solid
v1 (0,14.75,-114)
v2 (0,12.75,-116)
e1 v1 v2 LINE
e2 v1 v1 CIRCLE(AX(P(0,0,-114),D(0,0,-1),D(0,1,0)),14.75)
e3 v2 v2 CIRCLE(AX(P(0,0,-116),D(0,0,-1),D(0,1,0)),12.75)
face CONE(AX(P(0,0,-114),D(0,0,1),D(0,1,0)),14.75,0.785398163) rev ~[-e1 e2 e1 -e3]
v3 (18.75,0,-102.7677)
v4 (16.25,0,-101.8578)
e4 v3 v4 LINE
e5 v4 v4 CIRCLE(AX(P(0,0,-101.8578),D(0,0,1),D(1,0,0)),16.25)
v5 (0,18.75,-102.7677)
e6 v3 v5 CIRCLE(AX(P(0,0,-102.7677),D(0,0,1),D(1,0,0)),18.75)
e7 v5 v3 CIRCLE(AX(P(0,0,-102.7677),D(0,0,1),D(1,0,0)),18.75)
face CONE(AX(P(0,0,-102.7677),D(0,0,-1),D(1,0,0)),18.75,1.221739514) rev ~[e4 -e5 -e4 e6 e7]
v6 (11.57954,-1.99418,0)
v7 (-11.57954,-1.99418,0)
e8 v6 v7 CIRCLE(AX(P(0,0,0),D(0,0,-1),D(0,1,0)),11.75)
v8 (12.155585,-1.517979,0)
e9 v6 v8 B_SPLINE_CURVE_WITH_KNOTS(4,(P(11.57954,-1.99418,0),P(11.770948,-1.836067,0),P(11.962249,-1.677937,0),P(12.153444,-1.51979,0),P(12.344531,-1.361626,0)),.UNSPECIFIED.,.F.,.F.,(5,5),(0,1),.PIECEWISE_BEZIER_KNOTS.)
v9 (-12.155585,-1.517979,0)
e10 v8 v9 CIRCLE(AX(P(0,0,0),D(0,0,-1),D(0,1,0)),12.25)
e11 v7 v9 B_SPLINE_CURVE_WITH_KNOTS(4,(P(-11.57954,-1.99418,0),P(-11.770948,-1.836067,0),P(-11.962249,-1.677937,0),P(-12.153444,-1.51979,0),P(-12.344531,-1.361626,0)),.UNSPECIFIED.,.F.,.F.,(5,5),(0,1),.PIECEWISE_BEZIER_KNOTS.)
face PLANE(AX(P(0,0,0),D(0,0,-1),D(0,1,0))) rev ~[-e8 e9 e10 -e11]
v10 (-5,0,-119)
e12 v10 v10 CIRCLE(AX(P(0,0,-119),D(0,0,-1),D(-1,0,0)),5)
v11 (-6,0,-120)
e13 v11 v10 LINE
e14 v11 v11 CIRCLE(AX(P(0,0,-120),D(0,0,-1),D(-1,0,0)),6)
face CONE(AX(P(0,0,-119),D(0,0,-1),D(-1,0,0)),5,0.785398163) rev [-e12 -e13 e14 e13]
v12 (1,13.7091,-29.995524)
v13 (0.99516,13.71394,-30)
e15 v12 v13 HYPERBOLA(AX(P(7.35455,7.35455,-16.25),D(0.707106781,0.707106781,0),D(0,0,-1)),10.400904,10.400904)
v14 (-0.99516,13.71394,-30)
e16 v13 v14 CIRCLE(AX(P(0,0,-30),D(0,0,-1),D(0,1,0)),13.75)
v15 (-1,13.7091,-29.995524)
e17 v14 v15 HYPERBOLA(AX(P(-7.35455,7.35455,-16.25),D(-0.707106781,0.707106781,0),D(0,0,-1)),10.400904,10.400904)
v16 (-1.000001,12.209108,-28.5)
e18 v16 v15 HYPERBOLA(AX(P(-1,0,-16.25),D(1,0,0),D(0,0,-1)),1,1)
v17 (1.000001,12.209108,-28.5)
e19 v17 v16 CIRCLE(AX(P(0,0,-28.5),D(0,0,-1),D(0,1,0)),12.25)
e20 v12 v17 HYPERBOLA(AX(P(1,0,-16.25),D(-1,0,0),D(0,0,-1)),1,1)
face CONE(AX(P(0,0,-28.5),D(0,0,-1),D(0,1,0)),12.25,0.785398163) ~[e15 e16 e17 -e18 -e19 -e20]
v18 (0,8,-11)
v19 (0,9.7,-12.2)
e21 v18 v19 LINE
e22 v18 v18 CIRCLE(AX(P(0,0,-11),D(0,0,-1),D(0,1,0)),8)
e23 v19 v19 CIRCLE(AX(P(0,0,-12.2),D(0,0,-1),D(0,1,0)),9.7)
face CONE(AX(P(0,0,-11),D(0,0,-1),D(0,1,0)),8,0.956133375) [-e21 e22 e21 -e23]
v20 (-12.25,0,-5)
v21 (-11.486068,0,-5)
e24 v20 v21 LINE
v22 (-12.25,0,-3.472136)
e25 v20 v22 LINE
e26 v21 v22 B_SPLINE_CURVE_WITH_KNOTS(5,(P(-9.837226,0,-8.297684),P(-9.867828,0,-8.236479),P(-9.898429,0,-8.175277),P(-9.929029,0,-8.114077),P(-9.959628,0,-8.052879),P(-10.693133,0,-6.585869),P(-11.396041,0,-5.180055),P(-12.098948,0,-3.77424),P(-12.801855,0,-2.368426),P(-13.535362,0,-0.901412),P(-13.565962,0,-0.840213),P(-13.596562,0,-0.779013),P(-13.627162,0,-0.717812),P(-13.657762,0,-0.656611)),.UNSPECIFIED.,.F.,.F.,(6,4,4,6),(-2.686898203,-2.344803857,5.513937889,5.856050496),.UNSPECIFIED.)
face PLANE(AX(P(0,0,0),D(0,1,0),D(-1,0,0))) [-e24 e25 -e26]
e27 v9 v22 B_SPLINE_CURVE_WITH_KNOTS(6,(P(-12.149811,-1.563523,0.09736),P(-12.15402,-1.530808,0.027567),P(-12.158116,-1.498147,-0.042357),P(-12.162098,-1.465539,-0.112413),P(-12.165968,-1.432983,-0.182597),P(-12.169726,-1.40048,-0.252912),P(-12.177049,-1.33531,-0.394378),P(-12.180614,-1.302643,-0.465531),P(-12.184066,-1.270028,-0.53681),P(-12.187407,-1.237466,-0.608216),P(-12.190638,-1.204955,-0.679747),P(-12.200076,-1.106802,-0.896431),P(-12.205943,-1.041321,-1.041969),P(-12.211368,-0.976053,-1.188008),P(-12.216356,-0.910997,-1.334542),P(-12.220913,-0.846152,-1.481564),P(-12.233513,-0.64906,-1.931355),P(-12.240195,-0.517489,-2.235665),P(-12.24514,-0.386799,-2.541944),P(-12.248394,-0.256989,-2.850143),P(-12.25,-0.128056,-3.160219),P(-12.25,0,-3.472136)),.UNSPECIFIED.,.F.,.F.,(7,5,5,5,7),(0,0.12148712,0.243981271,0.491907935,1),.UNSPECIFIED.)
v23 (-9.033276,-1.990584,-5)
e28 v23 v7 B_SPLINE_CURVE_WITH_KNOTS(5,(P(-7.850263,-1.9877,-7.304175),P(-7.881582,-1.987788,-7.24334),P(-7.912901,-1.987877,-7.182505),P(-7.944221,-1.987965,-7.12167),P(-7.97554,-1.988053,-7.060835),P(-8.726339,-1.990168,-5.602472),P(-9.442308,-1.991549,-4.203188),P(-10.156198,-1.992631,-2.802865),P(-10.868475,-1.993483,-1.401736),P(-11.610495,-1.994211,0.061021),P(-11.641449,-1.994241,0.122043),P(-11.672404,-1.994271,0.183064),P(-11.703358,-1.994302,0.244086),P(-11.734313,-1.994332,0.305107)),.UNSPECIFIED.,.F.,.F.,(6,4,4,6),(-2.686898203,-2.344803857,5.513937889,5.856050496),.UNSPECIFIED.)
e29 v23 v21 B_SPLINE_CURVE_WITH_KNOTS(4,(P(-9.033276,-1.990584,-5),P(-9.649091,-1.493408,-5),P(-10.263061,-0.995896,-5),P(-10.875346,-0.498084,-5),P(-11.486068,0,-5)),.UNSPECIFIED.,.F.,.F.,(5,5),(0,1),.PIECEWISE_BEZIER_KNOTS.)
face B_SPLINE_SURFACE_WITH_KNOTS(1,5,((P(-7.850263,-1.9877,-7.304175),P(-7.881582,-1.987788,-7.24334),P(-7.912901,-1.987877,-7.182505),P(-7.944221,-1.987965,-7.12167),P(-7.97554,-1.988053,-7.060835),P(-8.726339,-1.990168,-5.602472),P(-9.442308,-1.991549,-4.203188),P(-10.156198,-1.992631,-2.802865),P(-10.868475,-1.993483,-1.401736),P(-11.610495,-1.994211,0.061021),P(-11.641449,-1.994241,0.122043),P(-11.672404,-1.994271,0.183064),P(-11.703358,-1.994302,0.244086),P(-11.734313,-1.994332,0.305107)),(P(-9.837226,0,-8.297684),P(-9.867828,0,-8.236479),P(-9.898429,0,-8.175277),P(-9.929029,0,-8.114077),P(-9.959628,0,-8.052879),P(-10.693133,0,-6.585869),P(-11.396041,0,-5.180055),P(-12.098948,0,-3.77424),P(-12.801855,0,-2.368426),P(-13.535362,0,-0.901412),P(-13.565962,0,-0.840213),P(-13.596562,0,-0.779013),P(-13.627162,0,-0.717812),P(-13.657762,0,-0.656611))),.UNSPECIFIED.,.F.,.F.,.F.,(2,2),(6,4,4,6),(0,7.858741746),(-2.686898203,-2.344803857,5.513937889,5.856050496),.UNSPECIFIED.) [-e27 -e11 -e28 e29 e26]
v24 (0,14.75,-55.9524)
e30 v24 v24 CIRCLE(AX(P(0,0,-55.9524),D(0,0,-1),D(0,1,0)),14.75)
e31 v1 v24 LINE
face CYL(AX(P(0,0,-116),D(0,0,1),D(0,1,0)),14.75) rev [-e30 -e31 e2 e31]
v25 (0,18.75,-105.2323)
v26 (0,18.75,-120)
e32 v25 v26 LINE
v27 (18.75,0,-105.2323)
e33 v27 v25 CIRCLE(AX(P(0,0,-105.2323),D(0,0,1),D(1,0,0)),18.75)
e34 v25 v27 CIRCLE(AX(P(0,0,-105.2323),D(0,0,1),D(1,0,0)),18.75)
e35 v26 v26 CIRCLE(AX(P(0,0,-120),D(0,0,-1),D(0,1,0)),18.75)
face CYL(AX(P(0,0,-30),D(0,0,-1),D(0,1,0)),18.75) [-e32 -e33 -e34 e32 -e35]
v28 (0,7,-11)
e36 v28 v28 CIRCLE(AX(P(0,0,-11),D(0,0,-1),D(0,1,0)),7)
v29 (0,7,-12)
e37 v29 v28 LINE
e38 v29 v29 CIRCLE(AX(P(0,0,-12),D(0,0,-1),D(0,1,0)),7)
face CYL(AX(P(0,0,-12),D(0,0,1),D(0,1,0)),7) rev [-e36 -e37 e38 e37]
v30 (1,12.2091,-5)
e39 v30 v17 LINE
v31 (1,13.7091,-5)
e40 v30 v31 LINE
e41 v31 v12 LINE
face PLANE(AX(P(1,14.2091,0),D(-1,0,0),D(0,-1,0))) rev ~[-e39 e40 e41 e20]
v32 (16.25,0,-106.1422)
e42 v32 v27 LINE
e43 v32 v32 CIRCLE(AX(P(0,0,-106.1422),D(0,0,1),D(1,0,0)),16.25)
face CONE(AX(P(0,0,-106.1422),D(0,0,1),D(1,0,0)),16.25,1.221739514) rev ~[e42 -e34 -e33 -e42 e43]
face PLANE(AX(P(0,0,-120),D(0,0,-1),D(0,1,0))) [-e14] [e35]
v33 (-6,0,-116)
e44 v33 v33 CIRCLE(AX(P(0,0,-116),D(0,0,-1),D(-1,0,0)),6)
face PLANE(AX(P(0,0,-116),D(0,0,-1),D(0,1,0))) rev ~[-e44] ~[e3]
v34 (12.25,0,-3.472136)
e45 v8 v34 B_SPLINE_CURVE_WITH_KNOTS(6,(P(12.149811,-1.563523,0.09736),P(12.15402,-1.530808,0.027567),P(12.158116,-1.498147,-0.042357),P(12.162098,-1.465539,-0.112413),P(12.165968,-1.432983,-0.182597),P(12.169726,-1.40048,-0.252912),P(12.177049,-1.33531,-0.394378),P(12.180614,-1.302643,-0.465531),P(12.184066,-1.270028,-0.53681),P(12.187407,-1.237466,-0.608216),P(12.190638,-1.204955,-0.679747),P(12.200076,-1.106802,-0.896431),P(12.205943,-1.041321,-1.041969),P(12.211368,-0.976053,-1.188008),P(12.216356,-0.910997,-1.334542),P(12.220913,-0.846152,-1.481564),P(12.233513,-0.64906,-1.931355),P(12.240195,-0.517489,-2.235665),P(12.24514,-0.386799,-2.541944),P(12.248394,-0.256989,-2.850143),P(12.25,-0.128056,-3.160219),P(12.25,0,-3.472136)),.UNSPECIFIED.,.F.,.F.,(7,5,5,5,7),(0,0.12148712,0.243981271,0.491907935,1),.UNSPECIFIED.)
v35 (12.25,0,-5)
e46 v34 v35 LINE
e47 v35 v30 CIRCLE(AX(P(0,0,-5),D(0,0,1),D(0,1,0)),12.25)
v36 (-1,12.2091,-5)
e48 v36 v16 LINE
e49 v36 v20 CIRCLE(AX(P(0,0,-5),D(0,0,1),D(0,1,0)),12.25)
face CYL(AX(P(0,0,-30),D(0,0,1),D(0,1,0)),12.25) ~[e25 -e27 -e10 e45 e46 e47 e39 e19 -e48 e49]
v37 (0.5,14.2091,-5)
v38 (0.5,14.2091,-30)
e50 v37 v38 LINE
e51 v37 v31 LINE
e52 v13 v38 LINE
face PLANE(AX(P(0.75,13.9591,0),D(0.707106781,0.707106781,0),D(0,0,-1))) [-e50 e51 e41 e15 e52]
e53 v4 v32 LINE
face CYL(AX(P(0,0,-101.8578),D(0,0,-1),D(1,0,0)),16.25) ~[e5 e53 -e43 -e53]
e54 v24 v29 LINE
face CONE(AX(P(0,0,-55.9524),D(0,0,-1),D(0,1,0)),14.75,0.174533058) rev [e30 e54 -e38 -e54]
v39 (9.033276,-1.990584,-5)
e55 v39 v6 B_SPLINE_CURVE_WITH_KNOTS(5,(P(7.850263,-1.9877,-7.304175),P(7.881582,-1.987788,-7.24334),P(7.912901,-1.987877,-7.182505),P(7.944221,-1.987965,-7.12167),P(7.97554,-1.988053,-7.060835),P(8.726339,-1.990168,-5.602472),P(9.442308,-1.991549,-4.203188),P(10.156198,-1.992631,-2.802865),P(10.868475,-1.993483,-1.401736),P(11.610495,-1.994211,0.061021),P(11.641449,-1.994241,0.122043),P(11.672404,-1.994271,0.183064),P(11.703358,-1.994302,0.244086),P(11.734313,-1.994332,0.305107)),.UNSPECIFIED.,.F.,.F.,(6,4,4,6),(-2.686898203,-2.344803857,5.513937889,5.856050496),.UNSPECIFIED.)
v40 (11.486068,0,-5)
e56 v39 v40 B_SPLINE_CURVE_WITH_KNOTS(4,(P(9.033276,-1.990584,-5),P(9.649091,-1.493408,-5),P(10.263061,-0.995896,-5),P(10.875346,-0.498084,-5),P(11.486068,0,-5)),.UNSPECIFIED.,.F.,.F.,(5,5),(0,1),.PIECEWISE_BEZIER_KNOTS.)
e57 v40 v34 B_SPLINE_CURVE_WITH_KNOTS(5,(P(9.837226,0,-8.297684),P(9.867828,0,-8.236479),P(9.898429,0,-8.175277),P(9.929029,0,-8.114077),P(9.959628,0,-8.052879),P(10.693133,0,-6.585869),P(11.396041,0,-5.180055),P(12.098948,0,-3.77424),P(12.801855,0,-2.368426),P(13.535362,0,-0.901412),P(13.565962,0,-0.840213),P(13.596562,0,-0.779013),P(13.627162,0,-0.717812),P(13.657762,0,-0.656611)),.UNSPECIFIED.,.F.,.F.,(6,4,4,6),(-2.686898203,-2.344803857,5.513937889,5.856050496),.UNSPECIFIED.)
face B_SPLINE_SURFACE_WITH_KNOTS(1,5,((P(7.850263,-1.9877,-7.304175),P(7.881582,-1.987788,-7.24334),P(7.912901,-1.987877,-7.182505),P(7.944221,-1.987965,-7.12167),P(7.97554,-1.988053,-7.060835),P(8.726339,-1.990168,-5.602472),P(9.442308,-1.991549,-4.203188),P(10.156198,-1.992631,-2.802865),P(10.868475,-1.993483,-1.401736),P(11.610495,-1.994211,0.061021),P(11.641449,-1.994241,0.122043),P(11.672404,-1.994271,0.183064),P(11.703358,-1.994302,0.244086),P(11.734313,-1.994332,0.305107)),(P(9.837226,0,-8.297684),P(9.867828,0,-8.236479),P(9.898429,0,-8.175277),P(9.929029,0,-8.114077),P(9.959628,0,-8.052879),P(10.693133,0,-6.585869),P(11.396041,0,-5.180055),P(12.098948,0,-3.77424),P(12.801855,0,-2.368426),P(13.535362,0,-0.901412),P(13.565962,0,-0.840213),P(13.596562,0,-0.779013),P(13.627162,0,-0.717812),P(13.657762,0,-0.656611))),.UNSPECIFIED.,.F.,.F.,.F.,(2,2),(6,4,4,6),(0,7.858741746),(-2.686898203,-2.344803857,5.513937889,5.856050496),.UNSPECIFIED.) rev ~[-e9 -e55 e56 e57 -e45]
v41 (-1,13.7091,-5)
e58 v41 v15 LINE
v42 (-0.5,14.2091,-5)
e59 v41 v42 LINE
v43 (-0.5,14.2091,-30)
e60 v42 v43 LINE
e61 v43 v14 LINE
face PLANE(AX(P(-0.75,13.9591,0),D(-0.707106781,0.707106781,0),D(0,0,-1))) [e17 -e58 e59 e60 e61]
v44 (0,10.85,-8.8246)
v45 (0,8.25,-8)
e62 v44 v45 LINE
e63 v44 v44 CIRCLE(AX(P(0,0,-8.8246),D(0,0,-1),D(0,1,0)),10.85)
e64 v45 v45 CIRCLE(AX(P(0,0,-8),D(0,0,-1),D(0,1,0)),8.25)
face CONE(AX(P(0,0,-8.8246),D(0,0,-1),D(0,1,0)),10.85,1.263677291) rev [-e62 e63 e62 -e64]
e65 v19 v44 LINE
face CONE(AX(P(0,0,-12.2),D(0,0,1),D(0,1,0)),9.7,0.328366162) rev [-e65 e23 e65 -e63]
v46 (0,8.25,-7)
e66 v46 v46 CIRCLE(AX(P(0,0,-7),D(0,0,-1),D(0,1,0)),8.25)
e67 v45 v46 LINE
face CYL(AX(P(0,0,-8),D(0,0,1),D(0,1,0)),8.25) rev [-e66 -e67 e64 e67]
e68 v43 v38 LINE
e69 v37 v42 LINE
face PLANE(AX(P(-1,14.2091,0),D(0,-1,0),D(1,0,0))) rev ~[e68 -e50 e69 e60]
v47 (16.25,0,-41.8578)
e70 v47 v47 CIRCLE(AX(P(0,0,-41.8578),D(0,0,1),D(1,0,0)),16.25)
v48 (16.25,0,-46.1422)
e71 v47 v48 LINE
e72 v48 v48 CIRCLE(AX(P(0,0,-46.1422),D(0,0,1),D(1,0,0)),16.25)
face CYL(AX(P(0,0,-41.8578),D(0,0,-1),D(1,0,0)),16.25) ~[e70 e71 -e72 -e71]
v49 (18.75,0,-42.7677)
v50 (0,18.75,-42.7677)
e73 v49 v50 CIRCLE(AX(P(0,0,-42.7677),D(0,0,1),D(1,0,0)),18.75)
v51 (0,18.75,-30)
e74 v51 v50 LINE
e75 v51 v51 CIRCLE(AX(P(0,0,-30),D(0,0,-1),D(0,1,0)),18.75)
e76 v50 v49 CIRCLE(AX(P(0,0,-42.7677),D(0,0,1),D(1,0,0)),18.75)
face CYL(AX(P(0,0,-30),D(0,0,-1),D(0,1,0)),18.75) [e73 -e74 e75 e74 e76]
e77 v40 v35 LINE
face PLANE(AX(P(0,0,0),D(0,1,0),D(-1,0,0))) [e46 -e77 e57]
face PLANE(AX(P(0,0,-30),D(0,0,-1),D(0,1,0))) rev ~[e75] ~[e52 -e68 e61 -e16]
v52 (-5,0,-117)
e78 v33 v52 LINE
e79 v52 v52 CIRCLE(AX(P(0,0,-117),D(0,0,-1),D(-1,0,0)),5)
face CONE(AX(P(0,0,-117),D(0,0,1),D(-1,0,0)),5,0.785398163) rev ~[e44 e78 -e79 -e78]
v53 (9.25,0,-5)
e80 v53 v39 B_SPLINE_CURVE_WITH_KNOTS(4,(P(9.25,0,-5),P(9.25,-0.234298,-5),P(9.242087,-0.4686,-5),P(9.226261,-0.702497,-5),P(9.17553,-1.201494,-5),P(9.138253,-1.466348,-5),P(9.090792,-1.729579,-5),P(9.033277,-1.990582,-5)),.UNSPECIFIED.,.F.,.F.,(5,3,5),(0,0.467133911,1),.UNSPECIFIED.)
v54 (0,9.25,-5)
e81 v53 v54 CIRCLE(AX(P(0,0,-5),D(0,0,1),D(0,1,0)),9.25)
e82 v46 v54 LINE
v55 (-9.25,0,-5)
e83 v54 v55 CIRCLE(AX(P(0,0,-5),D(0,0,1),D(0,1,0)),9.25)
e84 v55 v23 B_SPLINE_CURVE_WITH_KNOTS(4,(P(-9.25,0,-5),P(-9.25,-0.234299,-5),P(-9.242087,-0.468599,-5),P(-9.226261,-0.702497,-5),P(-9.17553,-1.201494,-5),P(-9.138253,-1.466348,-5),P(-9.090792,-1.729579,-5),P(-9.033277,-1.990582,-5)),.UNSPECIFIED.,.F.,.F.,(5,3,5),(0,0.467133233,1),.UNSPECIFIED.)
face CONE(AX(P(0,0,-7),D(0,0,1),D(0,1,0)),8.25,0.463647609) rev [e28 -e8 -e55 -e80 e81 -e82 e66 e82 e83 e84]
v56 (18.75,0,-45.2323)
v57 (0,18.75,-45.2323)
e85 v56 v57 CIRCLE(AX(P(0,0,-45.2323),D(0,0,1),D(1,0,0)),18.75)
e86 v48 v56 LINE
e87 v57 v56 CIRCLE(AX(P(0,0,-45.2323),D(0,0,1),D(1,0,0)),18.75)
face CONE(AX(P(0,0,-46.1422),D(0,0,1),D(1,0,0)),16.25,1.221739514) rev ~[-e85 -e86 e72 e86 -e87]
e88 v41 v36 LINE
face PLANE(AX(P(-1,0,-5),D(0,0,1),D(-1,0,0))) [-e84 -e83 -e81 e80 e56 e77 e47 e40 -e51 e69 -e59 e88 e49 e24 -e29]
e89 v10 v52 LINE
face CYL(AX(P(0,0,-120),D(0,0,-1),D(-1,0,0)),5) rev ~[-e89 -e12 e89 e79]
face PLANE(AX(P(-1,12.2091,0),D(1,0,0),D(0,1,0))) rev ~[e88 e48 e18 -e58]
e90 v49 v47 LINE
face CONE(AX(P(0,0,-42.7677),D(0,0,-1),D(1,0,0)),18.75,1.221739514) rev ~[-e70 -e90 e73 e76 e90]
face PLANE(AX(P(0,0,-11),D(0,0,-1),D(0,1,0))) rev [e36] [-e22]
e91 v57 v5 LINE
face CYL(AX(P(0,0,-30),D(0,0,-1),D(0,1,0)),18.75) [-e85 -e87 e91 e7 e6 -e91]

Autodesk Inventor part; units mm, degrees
ref_plane "YZ Plane" through (0, 0, 0) normal (1, 0, 0) x (0, 1, 0)
ref_plane "XZ Plane" through (0, 0, 0) normal (0, 1, 0) x (-1, 0, 0)
ref_plane "XY Plane" through (0, 0, 0) normal (0, 0, 1) x (1, 0, 0)
sketch "Esquisse1" plane through (0, 0, 0) normal (1, 0, 0) x (0, 1, 0)
  line L0 (0, 0) -> (0, -31.2712)
  line L1 (18.75, -30) -> (18.75, -120)
  line L2 (18.75, -120) -> (0, -120)
  line L3 (14.75, -116) -> (14.75, -55.9524)
  line L4 (14.75, -55.9524) -> (7, -12)
  line L5 (7, -12) -> (7, -11)
  line L6 (7, -11) -> (8, -11)
  line L7 (8, -11) -> (9.7, -12.2)
  line L8 (9.7, -12.2) -> (10.85, -8.8246)
  line L9 (10.85, -8.8246) -> (8.25, -8)
  circle A0 centre (8.85, -9.7639) radius 1.5 construction
  line L10 (8.25, -8) -> (8.25, -7)
  line L11 (8.25, -7) -> (11.75, 0)
  line L12 (18.75, -30) -> (12.25, -30)
  line L13 (12.25, -30) -> (12.25, 0)
  line L14 (12.25, 0) -> (11.75, 0)
  line L15 (0, -120) -> (0, -116)
  line L16 (14.75, -116) -> (0, -116)
  point P0 (9.7477, -27.583)
  dimension "d1" = 37.5
  dimension "d3" = 14
  dimension "d6" = 3
  dimension "d7" = 1
  dimension "d8" = 1
  dimension "d11" = 3
  dimension "d12" = 0.6
  dimension "d13" = 1.2
  dimension "d14" = 1.7
  dimension "d15" = 2.6
  dimension "d29" = 24.5
  dimension "d30" = 0.5
  dimension "d31" = 30
  dimension "d34" = 1
  dimension "d36" = 16.5
  dimension "d37" = 11
  dimension "d38" = 90
  dimension "d58" = 7.75
  dimension "d59" = 170
  dimension "d60" = 19.4954
  dimension "d61" = 4
  dimension "d62" = 4
revolve "Révolution2" add sketch "Esquisse1" angle 360 about axis through (0, 0, 0) along (0, 0, -1)
sketch "Esquisse2" plane through (0, 0, 0) normal (0, 1, 0) x (-1, 0, 0)
  line L0 (-18.75, -30) -> (18.75, -30) projected
  line L1 (-18.75, -120) -> (18.75, -120) projected
  line L2 (-14.75, -55.9524) -> (14.75, -55.9524) projected
  line L3 (-7, -12) -> (7, -12) projected
  line L4 (-18.75, -30) -> (-18.75, -120) projected
  line L5 (-18.75, -42.7677) -> (-16.25, -41.8578)
  line L6 (-16.25, -41.8578) -> (-16.25, -46.1422)
  line L7 (-16.25, -46.1422) -> (-18.75, -45.2323)
  circle A0 centre (-17.75, -44) radius 1.5 construction
  line L8 (0, -144) -> (0, 24) projected
  point P0 (0, 0)
  dimension "d42" = 3
  dimension "d45" = 1
  dimension "d46" = 70
  dimension "d47" = 70
  dimension "d48" = 14
revolve "Révolution3" cut sketch "Esquisse2" angle 360 about axis through (0, 0, -10) along (0, 0, 1) contours L5 L6 L7 L4
chamfer "Chanfrein4" distance 1.5 angle 45 1 edges at (0, -12.25, -30)
pattern_linear "Réseau rectangulaire1" count 2 spacing 60 along (0, 0, -1) of "Révolution3"
chamfer "Chanfrein5" distance 2 angle 45 1 edges at (0, -14.75, -116)
sketch "Esquisse3" plane through (0, 0, 0) normal (0, 0, 1) x (1, 0, 0)
  circle A0 centre (0, 0) radius 11.75 projected
  circle A1 centre (0, 0) radius 12.25 projected
  line L0 (-1, 14.2091) -> (1, 14.2091)
  line L1 (1, 14.2091) -> (1, 12.2091)
  line L2 (1, 12.2091) -> (-1, 12.2091)
  line L3 (-1, 12.2091) -> (-1, 14.2091)
  circle A2 centre (0, 0) radius 12.25 projected
  point P0 (0, 12.2091)
  dimension "d66" = 2
  dimension "d67" = 2
extrude "Extrusion1" add sketch "Esquisse3" against normal up to surface (30 mm away) contours L2 A1 | A1 L3 L0 L1 picked at (-0.1112, 12.2212)
chamfer "Chanfrein6" distance 0.5 angle 45 2 edges at (1, 14.2091, -15) (-1, 14.2091, -15)
sketch "Esquisse8" plane through (0, 0, -120) normal (0, 0, -1) x (-1, 0, 0)
  circle A0 centre (0, 0) radius 5
  dimension "d100" = 10
extrude "Extrusion5" cut sketch "Esquisse8" against normal up to surface (4 mm away)
chamfer "Chanfrein8" distance 1 angle 45 2 edges at (5, 0, -120) (5, 0, -116)
sketch "Esquisse9" plane through (0, 0, 0) normal (0, 1, 0) x (-1, 0, 0)
  line L0 (1, 0) -> (1, -28.5) projected
  line L1 (-1, -28.5) -> (1, -28.5) projected
  line L2 (-1, -28.5) -> (-1, 0) projected
  line L3 (-1, 0) -> (1, 0) projected
  line L4 (8.25, -7) -> (11.75, 0) projected
  line L5 (-8.25, -7) -> (-11.75, 0) projected
  line L6 (12.25, 0) -> (-12.25, 0)
  line L7 (-12.25, 0) -> (-12.25, -5)
  line L8 (-12.25, -5) -> (12.25, -5)
  line L9 (12.25, -5) -> (12.25, 0)
  line L10 (-12.25, 0) -> (12.25, 0) projected
  line L11 (-8.25, -7) -> (8.25, -7) projected
  line L12 (-12.25, 0) -> (-12.25, -28.5) projected
  point P0 (0, 0)
  dimension "d108" = 2
  dimension "d112" = 5
extrude "Extrusion6" cut sketch "Esquisse9" along normal blind 15 contours L6 L4 L8 L0 | L0 L8 L2 L3 | L2 L8 L5 L6 | L6 L9 L8 L4 | L5 L8 L7 L6
chamfer "Chanfrein9" distance 2 angle 45 2 edges at (10.5, 0, -2.5) (-10.5, 0, -2.5)
equation "\"d47\" = d46"
properties part number "douille_bloqueur"
